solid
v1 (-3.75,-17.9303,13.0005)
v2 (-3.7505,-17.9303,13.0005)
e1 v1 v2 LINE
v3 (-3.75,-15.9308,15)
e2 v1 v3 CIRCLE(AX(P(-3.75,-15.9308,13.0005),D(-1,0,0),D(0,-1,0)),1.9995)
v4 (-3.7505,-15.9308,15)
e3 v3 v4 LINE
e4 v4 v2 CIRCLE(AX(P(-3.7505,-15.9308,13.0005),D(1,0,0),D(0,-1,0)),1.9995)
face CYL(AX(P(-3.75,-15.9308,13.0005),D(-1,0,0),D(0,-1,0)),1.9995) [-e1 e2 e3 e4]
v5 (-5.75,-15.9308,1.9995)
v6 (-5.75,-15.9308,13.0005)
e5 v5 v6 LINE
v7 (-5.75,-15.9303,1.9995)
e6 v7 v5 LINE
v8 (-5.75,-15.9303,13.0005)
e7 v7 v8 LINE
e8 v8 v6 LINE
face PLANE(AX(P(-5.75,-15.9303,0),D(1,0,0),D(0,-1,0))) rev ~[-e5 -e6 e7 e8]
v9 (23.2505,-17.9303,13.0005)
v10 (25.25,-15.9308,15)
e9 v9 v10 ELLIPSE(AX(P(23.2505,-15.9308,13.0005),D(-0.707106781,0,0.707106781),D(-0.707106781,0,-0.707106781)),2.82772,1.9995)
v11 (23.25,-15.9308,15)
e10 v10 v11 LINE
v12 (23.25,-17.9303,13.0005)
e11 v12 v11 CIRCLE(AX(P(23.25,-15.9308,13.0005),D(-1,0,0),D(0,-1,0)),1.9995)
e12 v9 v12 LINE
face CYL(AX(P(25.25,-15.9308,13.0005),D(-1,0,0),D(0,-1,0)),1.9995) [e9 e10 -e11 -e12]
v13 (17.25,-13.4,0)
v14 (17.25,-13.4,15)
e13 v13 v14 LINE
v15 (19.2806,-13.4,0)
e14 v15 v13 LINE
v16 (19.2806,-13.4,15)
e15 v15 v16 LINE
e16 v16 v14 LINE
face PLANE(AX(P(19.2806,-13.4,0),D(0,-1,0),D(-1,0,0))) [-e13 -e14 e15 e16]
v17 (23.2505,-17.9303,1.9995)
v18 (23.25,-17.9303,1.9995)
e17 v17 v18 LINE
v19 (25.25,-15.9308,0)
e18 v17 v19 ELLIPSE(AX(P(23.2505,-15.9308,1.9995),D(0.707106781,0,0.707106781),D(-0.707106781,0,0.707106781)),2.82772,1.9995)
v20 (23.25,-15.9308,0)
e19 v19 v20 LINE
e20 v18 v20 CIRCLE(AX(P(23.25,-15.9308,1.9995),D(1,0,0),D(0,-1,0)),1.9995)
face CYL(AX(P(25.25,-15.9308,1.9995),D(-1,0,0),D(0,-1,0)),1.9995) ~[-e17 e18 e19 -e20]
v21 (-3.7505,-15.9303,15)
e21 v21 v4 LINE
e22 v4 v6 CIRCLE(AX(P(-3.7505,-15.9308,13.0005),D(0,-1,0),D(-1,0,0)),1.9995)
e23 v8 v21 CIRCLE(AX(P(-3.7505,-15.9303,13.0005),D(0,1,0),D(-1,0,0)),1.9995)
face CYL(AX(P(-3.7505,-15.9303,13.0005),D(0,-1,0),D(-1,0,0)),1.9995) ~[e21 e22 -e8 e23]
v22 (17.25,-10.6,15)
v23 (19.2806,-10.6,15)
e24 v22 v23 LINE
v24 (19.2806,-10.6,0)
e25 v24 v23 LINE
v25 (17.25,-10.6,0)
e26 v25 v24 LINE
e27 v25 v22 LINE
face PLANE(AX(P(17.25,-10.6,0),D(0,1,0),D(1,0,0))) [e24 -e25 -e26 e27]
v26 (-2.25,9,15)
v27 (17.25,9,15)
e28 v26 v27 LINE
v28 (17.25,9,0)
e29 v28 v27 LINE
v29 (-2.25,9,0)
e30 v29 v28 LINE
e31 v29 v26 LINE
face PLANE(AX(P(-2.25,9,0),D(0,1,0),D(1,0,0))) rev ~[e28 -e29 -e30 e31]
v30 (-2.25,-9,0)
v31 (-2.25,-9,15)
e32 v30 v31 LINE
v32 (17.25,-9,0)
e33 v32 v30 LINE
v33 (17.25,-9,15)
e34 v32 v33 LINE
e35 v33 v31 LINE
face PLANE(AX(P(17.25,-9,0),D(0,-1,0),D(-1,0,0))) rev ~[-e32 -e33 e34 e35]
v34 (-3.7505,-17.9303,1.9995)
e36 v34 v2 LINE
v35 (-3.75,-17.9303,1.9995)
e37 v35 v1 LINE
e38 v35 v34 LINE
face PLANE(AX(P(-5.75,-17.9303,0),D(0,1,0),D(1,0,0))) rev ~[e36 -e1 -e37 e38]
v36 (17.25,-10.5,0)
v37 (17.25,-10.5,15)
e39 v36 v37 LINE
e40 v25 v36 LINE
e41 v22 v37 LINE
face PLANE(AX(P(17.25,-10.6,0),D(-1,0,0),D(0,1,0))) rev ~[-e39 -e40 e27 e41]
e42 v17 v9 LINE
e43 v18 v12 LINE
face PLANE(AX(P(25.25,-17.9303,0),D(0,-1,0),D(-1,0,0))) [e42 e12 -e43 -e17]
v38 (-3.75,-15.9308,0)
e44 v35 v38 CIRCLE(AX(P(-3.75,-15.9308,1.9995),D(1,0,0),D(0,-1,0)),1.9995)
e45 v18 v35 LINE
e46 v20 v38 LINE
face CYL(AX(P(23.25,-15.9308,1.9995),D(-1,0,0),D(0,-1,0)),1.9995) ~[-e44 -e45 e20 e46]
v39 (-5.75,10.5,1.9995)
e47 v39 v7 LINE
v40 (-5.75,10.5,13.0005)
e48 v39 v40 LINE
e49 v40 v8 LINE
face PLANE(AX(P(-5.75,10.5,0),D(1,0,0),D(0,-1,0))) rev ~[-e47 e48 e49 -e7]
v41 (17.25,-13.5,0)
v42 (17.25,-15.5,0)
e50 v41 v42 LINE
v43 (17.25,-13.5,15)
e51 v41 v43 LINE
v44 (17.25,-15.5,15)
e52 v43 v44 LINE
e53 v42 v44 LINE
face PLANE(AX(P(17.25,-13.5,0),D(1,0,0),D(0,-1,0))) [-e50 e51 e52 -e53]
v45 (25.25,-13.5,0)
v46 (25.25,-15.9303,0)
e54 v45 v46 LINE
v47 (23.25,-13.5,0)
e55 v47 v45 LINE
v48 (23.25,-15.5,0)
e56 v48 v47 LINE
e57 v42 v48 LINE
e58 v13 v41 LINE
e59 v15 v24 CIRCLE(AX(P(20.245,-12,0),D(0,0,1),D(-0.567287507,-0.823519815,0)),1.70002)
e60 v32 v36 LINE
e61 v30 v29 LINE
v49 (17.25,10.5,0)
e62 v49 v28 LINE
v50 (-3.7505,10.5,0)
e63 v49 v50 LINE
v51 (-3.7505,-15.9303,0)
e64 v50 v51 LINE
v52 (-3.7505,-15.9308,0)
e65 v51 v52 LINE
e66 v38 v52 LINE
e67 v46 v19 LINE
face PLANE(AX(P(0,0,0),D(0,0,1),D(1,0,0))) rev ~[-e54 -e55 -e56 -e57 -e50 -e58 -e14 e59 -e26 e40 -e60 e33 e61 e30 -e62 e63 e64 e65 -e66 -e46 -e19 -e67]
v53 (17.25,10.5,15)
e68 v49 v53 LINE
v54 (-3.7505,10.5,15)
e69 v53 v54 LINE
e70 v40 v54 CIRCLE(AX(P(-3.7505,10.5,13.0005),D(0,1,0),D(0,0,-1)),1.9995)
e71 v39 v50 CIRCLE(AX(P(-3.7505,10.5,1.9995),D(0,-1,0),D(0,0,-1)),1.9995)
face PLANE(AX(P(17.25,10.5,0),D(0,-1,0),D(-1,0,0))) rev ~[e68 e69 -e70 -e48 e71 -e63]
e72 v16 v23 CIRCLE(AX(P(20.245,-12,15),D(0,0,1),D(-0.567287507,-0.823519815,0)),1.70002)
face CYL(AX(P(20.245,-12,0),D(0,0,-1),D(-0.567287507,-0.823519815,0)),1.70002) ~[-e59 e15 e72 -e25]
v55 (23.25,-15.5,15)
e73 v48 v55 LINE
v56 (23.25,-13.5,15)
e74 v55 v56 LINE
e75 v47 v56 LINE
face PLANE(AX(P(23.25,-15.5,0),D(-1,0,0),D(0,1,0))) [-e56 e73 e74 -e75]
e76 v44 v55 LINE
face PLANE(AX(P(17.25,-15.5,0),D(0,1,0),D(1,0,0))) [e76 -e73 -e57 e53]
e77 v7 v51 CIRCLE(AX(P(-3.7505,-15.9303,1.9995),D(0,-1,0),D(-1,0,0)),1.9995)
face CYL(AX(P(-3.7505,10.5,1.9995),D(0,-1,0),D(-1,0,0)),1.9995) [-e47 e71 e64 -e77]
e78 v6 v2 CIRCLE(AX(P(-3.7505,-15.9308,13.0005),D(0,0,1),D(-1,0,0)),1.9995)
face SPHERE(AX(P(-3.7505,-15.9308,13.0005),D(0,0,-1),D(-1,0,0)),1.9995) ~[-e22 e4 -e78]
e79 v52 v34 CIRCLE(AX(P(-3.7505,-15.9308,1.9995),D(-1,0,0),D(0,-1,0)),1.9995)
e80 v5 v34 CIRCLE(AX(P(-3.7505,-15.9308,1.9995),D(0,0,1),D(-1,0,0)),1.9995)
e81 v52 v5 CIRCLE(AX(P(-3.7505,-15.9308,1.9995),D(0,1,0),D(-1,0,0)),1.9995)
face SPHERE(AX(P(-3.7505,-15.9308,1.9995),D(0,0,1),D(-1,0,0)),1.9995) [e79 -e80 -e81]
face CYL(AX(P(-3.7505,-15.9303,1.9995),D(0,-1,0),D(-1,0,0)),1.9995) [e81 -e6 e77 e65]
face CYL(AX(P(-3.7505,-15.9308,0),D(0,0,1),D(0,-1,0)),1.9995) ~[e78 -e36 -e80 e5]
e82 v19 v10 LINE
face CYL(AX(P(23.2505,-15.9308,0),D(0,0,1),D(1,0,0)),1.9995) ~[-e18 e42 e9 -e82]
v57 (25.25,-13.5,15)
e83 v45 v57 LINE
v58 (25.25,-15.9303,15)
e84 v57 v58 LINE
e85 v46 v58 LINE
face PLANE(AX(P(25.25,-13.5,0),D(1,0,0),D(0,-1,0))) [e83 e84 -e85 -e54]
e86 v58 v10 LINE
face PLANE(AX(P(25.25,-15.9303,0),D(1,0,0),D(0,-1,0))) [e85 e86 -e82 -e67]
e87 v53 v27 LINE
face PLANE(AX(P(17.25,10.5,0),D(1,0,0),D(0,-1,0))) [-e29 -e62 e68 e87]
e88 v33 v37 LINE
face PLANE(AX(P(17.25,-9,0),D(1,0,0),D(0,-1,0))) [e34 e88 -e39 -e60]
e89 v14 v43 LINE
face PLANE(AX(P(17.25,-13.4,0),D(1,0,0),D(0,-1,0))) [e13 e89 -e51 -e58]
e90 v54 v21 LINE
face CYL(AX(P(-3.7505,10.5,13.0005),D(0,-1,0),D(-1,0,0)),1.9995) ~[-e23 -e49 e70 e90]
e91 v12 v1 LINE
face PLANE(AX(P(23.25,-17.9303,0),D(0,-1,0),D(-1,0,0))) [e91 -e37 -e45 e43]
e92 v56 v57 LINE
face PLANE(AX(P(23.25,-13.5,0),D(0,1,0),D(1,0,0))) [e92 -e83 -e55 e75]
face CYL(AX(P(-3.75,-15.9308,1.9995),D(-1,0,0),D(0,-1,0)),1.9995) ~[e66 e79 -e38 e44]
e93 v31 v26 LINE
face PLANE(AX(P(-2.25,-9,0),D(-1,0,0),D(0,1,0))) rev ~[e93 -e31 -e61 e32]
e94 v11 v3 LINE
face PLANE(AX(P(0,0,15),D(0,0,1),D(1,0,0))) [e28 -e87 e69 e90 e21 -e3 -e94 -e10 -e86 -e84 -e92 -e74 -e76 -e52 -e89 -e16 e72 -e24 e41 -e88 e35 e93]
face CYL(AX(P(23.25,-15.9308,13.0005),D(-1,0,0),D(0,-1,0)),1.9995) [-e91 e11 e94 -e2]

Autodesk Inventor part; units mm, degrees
ref_plane "YZ Plane" through (0, 0, 0) normal (1, 0, 0) x (0, 1, 0)
ref_plane "XZ Plane" through (0, 0, 0) normal (0, 1, 0) x (-1, 0, 0)
ref_plane "XY Plane" through (0, 0, 0) normal (0, 0, 1) x (1, 0, 0)
sketch "Эскиз1" plane through (0, 0, 0) normal (0, 0, 1) x (1, 0, 0)
  arc A0 (19.25, -13.5) -> (19.25, -10.5) centre (20.245, -12) ccw projected
  line L0 (19.25, -10.5) -> (17.25, -10.5) projected
  line L1 (17.25, -13.5) -> (19.25, -13.5) projected
  line L2 (17.25, -10.6) -> (19.2806, -10.6)
  arc A1 (19.2806, -13.4) -> (19.2806, -10.6) centre (20.245, -12) ccw
  line L3 (19.2806, -13.4) -> (17.25, -13.4)
  line L4 (17.25, -13.5) -> (17.25, -15.5) projected
  line L5 (17.25, 3) -> (17.25, -10.5) projected
  line L6 (19.25, -9) -> (-2.25, -9) projected
  line L7 (-2.25, -9) -> (-2.25, 9) projected
  line L8 (-2.25, 9) -> (19.25, 9) projected
  line L9 (17.25, 10.5) -> (17.25, 6.5) projected
  line L10 (17.25, 10.5) -> (-5.75, 10.5)
  line L11 (-5.75, 10.5) -> (-5.75, -17.9303)
  line L12 (23.25, -17.9303) -> (-3.75, -17.9303) projected
  line L13 (-5.75, -15.9303) -> (-5.75, 10.5) projected
  line L14 (-5.75, -17.9303) -> (-3.75, -17.9303)
  line L15 (25.25, -13.5) -> (25.25, -15.9303) projected
  line L16 (23.25, -13.5) -> (25.25, -13.5) projected
  line L17 (23.25, -15.5) -> (23.25, -13.5) projected
  line L18 (23.25, -17.9303) -> (-3.75, -17.9303) projected
  line L19 (25.25, -15.9303) -> (25.25, -17.9303)
  line L20 (25.25, -17.9303) -> (23.25, -17.9303)
  line L21 (17.25, -15.5) -> (23.25, -15.5)
  line L22 (17.25, -13.4) -> (17.25, -13.5)
  line L23 (17.25, -10.6) -> (17.25, -10.5)
  point P0 (0, 0)
  point P1 (17.25, -9)
  point P2 (17.25, 9)
  dimension "d0" = 0.1
  dimension "d1" = 23
extrude "Выдавливание1" add sketch "Эскиз1" along normal blind 15 contours L4 L21 L17 L16 L15 L19 L20 L12 L14 L11 L10 L9 L8 L7 L6 L5 L23 L2 A1 L3 L22
fillet "Сопряжение1" radius 2 6 edges at (-5.75, -17.9303, 7.5) (-5.75, -3.7151, 0) (-5.75, -3.7151, 15) (9.75, -17.9303, 0) (9.75, -17.9303, 15) (25.25, -17.9303, 7.5)
properties part number "ЛЦМК.30000.10.00.02 Крышка задняя"
